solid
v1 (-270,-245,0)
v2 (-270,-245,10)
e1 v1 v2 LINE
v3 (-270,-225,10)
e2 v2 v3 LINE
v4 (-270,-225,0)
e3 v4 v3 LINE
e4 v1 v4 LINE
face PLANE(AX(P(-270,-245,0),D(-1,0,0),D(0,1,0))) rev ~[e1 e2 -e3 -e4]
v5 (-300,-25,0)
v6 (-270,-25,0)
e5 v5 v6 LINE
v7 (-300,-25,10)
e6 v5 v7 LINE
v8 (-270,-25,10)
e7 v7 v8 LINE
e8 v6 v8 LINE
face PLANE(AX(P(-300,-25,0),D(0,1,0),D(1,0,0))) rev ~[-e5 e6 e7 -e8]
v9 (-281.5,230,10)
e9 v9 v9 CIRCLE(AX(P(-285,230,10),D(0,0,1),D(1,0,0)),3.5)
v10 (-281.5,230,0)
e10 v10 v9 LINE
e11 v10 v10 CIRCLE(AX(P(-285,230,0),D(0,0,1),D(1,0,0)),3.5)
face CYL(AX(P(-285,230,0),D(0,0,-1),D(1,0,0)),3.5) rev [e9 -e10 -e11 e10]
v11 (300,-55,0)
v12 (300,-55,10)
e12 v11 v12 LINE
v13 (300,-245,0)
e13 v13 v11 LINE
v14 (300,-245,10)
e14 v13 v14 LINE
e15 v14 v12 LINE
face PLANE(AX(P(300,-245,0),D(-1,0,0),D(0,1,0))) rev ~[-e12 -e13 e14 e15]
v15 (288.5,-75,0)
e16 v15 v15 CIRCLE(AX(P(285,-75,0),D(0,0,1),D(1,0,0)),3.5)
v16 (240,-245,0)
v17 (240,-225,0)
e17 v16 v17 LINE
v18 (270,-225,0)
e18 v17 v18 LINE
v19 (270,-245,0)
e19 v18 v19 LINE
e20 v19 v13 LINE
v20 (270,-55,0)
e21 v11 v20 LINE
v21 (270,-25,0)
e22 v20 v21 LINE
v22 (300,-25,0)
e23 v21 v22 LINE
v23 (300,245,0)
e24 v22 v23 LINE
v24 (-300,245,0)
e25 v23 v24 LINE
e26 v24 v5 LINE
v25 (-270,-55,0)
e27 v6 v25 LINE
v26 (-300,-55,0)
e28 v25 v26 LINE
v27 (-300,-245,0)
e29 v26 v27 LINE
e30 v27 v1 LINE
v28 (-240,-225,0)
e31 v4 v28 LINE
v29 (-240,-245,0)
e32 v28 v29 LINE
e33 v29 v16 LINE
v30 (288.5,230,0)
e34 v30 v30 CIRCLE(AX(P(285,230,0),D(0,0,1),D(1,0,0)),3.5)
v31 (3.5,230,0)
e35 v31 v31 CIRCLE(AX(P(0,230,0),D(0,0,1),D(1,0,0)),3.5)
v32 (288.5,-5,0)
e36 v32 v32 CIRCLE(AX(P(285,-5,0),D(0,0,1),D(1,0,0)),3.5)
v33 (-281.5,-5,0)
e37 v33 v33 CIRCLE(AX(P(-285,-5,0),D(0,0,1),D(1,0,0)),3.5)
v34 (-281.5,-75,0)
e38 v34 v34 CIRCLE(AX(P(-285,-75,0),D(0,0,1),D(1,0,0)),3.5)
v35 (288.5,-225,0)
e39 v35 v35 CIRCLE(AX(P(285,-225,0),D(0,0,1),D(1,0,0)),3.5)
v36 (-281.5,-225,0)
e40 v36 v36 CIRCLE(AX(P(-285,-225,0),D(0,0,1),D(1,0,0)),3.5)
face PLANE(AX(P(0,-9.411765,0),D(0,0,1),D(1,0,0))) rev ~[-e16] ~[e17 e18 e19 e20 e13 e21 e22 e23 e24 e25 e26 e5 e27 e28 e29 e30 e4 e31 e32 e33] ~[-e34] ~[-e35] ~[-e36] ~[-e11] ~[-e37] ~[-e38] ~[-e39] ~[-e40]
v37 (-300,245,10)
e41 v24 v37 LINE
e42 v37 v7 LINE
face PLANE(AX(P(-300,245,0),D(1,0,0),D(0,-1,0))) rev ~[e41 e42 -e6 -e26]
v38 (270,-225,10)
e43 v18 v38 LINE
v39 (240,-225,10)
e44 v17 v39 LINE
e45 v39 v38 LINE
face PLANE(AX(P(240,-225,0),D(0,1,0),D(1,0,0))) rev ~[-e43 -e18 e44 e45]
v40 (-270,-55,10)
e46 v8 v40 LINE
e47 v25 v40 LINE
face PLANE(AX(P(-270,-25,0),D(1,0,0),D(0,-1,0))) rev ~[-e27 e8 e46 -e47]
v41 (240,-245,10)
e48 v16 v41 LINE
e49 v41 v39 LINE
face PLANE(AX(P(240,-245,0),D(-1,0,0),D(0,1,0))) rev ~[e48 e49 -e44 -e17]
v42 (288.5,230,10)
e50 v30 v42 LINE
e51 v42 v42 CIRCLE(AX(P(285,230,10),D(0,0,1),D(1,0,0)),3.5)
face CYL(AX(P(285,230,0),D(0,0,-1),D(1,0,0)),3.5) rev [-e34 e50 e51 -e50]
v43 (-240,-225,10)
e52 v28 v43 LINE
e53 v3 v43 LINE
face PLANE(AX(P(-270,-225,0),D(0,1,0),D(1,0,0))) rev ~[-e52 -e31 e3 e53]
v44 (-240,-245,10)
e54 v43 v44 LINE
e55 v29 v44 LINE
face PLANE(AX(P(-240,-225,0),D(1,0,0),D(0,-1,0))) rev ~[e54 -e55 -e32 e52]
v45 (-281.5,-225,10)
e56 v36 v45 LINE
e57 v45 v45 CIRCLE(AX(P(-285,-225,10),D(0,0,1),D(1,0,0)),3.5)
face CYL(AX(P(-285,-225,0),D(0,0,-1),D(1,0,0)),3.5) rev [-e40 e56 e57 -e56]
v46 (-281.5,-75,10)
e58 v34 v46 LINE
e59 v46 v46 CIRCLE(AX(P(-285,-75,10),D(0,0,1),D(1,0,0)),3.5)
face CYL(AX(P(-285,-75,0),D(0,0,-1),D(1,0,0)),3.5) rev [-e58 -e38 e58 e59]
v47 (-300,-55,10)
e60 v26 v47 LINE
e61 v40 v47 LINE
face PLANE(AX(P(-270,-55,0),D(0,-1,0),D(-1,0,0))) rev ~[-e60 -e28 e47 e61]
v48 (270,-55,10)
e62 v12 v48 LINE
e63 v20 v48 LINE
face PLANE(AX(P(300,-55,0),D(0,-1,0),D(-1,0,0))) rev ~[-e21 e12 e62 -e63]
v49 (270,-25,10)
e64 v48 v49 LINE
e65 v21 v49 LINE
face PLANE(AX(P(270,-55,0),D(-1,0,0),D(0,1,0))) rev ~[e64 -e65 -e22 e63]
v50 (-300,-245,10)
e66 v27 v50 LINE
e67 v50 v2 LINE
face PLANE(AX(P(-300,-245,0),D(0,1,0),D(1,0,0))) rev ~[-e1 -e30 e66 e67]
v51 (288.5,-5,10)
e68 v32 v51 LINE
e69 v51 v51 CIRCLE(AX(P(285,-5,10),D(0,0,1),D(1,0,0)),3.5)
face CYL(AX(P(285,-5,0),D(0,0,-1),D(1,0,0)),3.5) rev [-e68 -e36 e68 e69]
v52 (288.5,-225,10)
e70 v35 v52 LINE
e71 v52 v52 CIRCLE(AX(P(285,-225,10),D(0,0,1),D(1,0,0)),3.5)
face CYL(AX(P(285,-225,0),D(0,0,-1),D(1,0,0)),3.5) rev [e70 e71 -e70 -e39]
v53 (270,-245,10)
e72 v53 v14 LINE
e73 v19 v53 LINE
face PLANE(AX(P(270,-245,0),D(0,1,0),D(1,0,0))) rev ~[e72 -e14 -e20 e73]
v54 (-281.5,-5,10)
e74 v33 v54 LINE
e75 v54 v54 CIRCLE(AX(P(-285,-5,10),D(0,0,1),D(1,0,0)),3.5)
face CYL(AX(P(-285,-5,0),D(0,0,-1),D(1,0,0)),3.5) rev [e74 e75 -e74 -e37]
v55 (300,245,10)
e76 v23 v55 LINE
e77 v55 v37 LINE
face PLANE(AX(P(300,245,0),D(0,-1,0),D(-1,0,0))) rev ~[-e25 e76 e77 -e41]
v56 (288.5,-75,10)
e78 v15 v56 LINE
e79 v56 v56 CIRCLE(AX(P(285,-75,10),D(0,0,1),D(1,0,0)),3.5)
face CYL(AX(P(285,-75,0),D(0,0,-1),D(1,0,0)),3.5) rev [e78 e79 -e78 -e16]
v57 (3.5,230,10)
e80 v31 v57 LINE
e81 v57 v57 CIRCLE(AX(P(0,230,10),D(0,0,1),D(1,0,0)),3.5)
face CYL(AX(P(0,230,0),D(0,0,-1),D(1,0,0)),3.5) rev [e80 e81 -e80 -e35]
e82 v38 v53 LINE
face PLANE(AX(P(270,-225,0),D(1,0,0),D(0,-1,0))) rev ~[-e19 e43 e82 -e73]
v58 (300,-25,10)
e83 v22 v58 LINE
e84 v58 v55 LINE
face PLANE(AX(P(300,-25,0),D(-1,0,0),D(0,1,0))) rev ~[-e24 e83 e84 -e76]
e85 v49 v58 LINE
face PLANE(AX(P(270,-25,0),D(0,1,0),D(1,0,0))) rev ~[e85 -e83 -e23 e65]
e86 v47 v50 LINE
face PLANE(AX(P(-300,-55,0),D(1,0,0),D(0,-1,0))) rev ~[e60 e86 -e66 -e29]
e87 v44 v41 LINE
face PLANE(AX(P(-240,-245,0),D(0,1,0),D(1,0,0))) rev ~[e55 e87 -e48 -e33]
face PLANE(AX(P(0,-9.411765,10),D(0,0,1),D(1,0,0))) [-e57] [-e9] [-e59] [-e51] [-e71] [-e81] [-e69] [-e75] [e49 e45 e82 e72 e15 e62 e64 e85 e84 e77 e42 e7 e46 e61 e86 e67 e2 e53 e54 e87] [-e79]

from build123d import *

# Parameters (mm, degrees)
F0_R     = 3.5
F1_DEPTH = 10


with BuildPart() as f1:
    # F0 (on Top) → F1 (new body)
    with BuildSketch(Plane.XY):
        Polygon((300, -25), (300, 245), (-300, 245), (-300, -25), (-270, -25), (-270, -55), (-300, -55), (-300, -245), (-270, -245), (-270, -225), (-240, -225), (-240, -245), (240, -245), (240, -225), (270, -225), (270, -245), (300, -245), (300, -55), (270, -55), (270, -25), align=None)
        with Locations((-285, -225)):
            Circle(F0_R, mode=Mode.SUBTRACT)
        with Locations((-285, -75)):
            Circle(F0_R, mode=Mode.SUBTRACT)
        with Locations((-285, -5)):
            Circle(F0_R, mode=Mode.SUBTRACT)
        with Locations((285, -225)):
            Circle(F0_R, mode=Mode.SUBTRACT)
        with Locations((285, -75)):
            Circle(F0_R, mode=Mode.SUBTRACT)
        with Locations((285, -5)):
            Circle(F0_R, mode=Mode.SUBTRACT)
        with Locations((-285, 230)):
            Circle(F0_R, mode=Mode.SUBTRACT)
        with Locations((0, 230)):
            Circle(F0_R, mode=Mode.SUBTRACT)
        with Locations((285, 230)):
            Circle(F0_R, mode=Mode.SUBTRACT)
    extrude(amount=F1_DEPTH)


solid = f1.part
